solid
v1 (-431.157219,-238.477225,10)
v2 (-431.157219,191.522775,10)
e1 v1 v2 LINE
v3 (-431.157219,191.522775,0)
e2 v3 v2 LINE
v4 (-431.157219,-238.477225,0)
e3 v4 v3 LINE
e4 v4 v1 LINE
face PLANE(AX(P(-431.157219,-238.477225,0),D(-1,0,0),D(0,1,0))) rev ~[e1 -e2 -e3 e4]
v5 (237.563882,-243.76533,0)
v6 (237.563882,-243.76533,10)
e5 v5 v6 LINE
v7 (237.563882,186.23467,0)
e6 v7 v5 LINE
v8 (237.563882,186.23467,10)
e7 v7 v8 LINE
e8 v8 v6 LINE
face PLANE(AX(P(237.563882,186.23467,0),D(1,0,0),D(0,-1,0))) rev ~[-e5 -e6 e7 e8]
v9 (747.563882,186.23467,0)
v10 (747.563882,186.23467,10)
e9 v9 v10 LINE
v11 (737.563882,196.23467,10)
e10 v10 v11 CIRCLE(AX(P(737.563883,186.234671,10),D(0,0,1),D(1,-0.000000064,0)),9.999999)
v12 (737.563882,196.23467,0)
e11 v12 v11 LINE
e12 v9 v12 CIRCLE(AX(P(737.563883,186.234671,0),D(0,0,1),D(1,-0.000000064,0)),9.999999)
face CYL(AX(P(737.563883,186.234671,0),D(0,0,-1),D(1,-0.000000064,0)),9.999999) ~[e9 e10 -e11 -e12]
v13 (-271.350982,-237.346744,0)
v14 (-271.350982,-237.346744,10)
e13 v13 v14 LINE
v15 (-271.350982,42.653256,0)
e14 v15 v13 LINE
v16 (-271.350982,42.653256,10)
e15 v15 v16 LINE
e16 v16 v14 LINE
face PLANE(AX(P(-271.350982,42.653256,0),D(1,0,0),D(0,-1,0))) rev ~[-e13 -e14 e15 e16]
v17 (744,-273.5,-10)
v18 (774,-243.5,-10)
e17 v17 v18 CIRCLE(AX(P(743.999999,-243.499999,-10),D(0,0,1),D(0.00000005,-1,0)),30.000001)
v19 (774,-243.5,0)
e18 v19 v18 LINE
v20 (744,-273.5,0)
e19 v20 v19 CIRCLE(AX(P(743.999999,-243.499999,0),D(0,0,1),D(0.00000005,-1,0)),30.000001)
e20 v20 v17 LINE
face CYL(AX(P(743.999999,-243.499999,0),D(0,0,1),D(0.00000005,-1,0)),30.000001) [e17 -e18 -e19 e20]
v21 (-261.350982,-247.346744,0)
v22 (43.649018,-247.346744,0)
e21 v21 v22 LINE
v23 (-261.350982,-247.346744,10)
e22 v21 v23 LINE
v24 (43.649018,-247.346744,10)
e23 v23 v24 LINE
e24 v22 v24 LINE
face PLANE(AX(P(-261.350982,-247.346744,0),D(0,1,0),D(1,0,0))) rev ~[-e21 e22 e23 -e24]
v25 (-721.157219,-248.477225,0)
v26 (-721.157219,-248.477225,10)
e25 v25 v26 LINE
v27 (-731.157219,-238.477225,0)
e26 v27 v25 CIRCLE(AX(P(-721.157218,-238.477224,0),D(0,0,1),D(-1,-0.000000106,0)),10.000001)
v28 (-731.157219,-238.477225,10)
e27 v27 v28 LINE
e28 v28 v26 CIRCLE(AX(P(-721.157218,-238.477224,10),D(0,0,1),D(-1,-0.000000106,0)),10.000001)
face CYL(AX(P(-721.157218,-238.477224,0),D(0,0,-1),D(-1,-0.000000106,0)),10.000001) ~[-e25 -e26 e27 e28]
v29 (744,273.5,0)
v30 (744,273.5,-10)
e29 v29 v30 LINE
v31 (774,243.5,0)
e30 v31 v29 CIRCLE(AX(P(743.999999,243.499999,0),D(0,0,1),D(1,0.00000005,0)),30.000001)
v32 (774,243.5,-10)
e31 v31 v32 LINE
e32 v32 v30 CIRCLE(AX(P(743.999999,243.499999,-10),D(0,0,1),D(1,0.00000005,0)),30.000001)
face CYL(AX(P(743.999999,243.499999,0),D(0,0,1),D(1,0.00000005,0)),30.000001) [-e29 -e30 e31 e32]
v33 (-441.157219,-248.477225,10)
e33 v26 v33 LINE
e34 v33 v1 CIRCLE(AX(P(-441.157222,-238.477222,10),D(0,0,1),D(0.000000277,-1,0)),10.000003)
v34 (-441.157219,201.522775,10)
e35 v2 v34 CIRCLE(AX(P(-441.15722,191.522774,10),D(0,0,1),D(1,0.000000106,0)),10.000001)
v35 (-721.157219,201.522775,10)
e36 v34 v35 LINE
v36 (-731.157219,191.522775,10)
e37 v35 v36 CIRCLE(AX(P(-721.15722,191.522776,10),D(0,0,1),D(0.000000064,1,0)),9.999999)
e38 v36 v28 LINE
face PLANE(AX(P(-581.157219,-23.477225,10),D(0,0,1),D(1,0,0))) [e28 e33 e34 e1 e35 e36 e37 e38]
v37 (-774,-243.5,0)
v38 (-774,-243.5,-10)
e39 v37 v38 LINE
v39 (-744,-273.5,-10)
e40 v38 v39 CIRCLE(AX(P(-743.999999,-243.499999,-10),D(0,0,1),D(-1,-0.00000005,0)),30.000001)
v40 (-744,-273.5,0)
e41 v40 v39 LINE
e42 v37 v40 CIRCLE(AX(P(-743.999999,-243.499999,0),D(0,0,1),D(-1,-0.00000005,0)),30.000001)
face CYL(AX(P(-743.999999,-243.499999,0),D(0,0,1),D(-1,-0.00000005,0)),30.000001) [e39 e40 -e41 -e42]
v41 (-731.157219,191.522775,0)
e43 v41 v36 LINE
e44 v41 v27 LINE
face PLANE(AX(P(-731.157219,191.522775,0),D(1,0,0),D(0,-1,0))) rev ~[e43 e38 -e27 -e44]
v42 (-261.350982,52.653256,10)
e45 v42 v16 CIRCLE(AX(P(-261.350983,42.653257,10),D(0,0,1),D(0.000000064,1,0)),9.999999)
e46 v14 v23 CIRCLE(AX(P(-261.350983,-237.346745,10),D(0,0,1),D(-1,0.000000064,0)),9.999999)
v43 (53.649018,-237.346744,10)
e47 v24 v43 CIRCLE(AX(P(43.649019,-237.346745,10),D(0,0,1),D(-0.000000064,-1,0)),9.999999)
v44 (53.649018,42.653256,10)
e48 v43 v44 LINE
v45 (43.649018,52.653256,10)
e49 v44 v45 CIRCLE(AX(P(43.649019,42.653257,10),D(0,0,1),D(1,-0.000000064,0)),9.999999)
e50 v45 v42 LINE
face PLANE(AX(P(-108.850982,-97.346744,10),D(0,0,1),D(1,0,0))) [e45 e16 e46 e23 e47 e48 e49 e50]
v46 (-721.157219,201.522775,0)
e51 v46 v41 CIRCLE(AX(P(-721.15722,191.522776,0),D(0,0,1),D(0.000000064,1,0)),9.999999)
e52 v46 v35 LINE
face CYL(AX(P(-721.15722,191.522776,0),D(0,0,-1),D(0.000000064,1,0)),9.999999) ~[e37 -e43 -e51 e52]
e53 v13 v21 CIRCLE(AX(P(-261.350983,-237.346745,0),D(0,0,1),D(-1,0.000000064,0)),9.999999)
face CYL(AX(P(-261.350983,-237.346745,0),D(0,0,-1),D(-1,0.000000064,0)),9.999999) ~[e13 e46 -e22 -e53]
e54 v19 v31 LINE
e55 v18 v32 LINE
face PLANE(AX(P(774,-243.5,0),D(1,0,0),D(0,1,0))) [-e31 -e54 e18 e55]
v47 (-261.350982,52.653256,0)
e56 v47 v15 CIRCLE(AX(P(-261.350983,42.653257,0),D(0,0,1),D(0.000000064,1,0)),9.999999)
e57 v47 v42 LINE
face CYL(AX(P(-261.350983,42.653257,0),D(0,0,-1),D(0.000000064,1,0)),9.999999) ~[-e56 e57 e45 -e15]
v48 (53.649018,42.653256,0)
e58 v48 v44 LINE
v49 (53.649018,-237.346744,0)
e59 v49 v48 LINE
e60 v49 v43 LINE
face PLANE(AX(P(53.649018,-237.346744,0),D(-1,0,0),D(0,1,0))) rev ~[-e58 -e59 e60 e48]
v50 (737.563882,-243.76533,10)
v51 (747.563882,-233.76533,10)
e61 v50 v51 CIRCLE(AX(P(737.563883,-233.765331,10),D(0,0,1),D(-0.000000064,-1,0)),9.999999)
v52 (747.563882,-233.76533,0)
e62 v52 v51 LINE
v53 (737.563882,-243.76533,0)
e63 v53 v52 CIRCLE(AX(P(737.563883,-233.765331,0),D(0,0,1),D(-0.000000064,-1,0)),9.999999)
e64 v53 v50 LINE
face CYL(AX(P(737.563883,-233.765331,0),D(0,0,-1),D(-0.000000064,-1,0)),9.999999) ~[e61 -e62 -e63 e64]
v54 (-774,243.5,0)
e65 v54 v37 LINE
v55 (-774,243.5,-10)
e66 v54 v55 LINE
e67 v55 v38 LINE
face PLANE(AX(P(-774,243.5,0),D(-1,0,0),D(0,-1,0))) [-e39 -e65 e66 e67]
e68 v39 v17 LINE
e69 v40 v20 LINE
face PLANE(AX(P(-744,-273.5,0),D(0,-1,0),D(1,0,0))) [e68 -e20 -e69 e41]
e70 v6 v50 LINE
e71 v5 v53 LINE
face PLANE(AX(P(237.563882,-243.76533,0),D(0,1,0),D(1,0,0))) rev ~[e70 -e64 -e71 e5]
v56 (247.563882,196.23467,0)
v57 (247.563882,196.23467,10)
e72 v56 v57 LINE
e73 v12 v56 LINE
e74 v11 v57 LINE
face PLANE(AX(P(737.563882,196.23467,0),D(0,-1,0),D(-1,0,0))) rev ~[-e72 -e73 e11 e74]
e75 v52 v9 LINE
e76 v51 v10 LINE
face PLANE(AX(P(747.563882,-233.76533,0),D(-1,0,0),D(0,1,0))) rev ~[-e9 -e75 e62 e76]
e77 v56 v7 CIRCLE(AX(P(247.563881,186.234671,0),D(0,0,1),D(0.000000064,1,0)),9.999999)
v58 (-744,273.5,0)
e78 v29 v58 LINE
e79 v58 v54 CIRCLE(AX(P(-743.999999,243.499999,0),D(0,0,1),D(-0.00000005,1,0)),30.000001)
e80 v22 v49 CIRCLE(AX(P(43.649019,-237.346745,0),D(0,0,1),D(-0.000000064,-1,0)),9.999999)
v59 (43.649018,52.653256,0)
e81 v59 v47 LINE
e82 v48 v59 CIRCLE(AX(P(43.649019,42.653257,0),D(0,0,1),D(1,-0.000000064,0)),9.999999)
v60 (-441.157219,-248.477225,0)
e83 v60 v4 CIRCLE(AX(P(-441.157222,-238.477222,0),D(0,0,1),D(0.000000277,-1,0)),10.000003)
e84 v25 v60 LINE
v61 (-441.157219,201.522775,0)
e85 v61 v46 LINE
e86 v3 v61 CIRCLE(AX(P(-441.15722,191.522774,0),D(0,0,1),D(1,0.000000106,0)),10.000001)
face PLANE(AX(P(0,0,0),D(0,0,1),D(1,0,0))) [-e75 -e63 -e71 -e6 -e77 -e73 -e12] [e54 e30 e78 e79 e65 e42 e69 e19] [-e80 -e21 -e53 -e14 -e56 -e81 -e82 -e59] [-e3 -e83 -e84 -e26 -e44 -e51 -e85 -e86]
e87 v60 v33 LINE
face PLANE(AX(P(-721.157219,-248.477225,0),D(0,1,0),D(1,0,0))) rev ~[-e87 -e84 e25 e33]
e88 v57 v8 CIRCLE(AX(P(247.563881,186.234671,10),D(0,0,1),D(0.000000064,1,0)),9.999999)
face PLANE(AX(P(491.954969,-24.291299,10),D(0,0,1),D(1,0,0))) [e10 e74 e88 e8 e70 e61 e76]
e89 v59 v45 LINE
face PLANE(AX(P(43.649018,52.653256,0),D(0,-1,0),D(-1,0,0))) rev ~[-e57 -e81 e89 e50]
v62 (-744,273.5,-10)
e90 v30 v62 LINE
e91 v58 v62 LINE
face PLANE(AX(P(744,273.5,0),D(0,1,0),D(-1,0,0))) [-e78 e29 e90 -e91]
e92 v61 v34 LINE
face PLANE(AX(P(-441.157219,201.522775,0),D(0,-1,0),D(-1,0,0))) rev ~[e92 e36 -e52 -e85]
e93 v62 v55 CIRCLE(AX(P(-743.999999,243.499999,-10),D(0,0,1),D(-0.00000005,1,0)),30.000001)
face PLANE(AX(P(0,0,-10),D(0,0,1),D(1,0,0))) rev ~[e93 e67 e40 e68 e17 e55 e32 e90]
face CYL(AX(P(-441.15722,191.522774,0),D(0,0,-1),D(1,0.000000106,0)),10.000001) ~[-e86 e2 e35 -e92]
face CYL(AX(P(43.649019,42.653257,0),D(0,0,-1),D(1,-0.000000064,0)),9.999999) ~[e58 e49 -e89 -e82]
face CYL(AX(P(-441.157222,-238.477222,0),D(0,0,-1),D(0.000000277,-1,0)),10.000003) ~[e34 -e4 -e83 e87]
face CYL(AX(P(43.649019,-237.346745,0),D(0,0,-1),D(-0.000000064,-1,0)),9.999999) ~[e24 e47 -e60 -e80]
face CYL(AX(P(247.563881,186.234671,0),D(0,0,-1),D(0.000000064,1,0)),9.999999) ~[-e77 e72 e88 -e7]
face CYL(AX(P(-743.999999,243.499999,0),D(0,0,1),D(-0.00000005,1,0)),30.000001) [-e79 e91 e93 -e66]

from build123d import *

# Parameters (mm, degrees)
F1_DEPTH = 10
F5_DEPTH = 10
F6_DEPTH = 10
F7_DEPTH = 10


with BuildPart() as f1:
    # F0 (on Top) → F1 (new body)
    with BuildSketch(Plane.XY):
        with BuildLine():
            Line((744, 273.5), (-744, 273.5))
            ThreePointArc((-744, 273.5), (-765.213203, 264.713203), (-774, 243.5))
            Line((-774, 243.5), (-774, -243.5))
            ThreePointArc((-774, -243.5), (-765.213203, -264.713203), (-744, -273.5))
            Line((-744, -273.5), (744, -273.5))
            ThreePointArc((744, -273.5), (765.213203, -264.713203), (774, -243.5))
            Line((774, -243.5), (774, 243.5))
            ThreePointArc((774, 243.5), (765.213203, 264.713203), (744, 273.5))
        make_face()
    extrude(amount=-F1_DEPTH)

    # F2 (on face) → F5 (join)
    with BuildSketch(Plane.XY):
        with BuildLine():
            Line((237.563882, 186.23467), (237.563882, -243.76533))
            Line((237.563882, -243.76533), (737.563882, -243.76533))
            ThreePointArc((737.563882, -243.76533), (744.63495, -240.836398), (747.563882, -233.76533))
            Line((747.563882, -233.76533), (747.563882, 186.23467))
            ThreePointArc((747.563882, 186.23467), (744.63495, 193.305738), (737.563882, 196.23467))
            Line((737.563882, 196.23467), (247.563882, 196.23467))
            ThreePointArc((247.563882, 196.23467), (240.492814, 193.305738), (237.563882, 186.23467))
        make_face()
    extrude(amount=F5_DEPTH)

    # F3 (on face) → F6 (join)
    with BuildSketch(Plane.XY):
        with BuildLine():
            Line((-441.157219, 201.522775), (-721.157219, 201.522775))
            ThreePointArc((-721.157219, 201.522775), (-728.228287, 198.593843), (-731.157219, 191.522775))
            Line((-731.157219, 191.522775), (-731.157219, -238.477225))
            ThreePointArc((-731.157219, -238.477225), (-728.228287, -245.548292), (-721.157219, -248.477225))
            Line((-721.157219, -248.477225), (-441.157219, -248.477225))
            ThreePointArc((-441.157219, -248.477225), (-434.086152, -245.548292), (-431.157219, -238.477225))
            Line((-431.157219, -238.477225), (-431.157219, 191.522775))
            ThreePointArc((-431.157219, 191.522775), (-434.086152, 198.593843), (-441.157219, 201.522775))
        make_face()
    extrude(amount=F6_DEPTH)

    # F4 (on face) → F7 (join)
    with BuildSketch(Plane.XY):
        with BuildLine():
            Line((43.649018, 52.653256), (-261.350982, 52.653256))
            ThreePointArc((-261.350982, 52.653256), (-268.42205, 49.724324), (-271.350982, 42.653256))
            Line((-271.350982, 42.653256), (-271.350982, -237.346744))
            ThreePointArc((-271.350982, -237.346744), (-268.42205, -244.417812), (-261.350982, -247.346744))
            Line((-261.350982, -247.346744), (43.649018, -247.346744))
            ThreePointArc((43.649018, -247.346744), (50.720086, -244.417812), (53.649018, -237.346744))
            Line((53.649018, -237.346744), (53.649018, 42.653256))
            ThreePointArc((53.649018, 42.653256), (50.720086, 49.724324), (43.649018, 52.653256))
        make_face()
    extrude(amount=F7_DEPTH)


solid = f1.part
